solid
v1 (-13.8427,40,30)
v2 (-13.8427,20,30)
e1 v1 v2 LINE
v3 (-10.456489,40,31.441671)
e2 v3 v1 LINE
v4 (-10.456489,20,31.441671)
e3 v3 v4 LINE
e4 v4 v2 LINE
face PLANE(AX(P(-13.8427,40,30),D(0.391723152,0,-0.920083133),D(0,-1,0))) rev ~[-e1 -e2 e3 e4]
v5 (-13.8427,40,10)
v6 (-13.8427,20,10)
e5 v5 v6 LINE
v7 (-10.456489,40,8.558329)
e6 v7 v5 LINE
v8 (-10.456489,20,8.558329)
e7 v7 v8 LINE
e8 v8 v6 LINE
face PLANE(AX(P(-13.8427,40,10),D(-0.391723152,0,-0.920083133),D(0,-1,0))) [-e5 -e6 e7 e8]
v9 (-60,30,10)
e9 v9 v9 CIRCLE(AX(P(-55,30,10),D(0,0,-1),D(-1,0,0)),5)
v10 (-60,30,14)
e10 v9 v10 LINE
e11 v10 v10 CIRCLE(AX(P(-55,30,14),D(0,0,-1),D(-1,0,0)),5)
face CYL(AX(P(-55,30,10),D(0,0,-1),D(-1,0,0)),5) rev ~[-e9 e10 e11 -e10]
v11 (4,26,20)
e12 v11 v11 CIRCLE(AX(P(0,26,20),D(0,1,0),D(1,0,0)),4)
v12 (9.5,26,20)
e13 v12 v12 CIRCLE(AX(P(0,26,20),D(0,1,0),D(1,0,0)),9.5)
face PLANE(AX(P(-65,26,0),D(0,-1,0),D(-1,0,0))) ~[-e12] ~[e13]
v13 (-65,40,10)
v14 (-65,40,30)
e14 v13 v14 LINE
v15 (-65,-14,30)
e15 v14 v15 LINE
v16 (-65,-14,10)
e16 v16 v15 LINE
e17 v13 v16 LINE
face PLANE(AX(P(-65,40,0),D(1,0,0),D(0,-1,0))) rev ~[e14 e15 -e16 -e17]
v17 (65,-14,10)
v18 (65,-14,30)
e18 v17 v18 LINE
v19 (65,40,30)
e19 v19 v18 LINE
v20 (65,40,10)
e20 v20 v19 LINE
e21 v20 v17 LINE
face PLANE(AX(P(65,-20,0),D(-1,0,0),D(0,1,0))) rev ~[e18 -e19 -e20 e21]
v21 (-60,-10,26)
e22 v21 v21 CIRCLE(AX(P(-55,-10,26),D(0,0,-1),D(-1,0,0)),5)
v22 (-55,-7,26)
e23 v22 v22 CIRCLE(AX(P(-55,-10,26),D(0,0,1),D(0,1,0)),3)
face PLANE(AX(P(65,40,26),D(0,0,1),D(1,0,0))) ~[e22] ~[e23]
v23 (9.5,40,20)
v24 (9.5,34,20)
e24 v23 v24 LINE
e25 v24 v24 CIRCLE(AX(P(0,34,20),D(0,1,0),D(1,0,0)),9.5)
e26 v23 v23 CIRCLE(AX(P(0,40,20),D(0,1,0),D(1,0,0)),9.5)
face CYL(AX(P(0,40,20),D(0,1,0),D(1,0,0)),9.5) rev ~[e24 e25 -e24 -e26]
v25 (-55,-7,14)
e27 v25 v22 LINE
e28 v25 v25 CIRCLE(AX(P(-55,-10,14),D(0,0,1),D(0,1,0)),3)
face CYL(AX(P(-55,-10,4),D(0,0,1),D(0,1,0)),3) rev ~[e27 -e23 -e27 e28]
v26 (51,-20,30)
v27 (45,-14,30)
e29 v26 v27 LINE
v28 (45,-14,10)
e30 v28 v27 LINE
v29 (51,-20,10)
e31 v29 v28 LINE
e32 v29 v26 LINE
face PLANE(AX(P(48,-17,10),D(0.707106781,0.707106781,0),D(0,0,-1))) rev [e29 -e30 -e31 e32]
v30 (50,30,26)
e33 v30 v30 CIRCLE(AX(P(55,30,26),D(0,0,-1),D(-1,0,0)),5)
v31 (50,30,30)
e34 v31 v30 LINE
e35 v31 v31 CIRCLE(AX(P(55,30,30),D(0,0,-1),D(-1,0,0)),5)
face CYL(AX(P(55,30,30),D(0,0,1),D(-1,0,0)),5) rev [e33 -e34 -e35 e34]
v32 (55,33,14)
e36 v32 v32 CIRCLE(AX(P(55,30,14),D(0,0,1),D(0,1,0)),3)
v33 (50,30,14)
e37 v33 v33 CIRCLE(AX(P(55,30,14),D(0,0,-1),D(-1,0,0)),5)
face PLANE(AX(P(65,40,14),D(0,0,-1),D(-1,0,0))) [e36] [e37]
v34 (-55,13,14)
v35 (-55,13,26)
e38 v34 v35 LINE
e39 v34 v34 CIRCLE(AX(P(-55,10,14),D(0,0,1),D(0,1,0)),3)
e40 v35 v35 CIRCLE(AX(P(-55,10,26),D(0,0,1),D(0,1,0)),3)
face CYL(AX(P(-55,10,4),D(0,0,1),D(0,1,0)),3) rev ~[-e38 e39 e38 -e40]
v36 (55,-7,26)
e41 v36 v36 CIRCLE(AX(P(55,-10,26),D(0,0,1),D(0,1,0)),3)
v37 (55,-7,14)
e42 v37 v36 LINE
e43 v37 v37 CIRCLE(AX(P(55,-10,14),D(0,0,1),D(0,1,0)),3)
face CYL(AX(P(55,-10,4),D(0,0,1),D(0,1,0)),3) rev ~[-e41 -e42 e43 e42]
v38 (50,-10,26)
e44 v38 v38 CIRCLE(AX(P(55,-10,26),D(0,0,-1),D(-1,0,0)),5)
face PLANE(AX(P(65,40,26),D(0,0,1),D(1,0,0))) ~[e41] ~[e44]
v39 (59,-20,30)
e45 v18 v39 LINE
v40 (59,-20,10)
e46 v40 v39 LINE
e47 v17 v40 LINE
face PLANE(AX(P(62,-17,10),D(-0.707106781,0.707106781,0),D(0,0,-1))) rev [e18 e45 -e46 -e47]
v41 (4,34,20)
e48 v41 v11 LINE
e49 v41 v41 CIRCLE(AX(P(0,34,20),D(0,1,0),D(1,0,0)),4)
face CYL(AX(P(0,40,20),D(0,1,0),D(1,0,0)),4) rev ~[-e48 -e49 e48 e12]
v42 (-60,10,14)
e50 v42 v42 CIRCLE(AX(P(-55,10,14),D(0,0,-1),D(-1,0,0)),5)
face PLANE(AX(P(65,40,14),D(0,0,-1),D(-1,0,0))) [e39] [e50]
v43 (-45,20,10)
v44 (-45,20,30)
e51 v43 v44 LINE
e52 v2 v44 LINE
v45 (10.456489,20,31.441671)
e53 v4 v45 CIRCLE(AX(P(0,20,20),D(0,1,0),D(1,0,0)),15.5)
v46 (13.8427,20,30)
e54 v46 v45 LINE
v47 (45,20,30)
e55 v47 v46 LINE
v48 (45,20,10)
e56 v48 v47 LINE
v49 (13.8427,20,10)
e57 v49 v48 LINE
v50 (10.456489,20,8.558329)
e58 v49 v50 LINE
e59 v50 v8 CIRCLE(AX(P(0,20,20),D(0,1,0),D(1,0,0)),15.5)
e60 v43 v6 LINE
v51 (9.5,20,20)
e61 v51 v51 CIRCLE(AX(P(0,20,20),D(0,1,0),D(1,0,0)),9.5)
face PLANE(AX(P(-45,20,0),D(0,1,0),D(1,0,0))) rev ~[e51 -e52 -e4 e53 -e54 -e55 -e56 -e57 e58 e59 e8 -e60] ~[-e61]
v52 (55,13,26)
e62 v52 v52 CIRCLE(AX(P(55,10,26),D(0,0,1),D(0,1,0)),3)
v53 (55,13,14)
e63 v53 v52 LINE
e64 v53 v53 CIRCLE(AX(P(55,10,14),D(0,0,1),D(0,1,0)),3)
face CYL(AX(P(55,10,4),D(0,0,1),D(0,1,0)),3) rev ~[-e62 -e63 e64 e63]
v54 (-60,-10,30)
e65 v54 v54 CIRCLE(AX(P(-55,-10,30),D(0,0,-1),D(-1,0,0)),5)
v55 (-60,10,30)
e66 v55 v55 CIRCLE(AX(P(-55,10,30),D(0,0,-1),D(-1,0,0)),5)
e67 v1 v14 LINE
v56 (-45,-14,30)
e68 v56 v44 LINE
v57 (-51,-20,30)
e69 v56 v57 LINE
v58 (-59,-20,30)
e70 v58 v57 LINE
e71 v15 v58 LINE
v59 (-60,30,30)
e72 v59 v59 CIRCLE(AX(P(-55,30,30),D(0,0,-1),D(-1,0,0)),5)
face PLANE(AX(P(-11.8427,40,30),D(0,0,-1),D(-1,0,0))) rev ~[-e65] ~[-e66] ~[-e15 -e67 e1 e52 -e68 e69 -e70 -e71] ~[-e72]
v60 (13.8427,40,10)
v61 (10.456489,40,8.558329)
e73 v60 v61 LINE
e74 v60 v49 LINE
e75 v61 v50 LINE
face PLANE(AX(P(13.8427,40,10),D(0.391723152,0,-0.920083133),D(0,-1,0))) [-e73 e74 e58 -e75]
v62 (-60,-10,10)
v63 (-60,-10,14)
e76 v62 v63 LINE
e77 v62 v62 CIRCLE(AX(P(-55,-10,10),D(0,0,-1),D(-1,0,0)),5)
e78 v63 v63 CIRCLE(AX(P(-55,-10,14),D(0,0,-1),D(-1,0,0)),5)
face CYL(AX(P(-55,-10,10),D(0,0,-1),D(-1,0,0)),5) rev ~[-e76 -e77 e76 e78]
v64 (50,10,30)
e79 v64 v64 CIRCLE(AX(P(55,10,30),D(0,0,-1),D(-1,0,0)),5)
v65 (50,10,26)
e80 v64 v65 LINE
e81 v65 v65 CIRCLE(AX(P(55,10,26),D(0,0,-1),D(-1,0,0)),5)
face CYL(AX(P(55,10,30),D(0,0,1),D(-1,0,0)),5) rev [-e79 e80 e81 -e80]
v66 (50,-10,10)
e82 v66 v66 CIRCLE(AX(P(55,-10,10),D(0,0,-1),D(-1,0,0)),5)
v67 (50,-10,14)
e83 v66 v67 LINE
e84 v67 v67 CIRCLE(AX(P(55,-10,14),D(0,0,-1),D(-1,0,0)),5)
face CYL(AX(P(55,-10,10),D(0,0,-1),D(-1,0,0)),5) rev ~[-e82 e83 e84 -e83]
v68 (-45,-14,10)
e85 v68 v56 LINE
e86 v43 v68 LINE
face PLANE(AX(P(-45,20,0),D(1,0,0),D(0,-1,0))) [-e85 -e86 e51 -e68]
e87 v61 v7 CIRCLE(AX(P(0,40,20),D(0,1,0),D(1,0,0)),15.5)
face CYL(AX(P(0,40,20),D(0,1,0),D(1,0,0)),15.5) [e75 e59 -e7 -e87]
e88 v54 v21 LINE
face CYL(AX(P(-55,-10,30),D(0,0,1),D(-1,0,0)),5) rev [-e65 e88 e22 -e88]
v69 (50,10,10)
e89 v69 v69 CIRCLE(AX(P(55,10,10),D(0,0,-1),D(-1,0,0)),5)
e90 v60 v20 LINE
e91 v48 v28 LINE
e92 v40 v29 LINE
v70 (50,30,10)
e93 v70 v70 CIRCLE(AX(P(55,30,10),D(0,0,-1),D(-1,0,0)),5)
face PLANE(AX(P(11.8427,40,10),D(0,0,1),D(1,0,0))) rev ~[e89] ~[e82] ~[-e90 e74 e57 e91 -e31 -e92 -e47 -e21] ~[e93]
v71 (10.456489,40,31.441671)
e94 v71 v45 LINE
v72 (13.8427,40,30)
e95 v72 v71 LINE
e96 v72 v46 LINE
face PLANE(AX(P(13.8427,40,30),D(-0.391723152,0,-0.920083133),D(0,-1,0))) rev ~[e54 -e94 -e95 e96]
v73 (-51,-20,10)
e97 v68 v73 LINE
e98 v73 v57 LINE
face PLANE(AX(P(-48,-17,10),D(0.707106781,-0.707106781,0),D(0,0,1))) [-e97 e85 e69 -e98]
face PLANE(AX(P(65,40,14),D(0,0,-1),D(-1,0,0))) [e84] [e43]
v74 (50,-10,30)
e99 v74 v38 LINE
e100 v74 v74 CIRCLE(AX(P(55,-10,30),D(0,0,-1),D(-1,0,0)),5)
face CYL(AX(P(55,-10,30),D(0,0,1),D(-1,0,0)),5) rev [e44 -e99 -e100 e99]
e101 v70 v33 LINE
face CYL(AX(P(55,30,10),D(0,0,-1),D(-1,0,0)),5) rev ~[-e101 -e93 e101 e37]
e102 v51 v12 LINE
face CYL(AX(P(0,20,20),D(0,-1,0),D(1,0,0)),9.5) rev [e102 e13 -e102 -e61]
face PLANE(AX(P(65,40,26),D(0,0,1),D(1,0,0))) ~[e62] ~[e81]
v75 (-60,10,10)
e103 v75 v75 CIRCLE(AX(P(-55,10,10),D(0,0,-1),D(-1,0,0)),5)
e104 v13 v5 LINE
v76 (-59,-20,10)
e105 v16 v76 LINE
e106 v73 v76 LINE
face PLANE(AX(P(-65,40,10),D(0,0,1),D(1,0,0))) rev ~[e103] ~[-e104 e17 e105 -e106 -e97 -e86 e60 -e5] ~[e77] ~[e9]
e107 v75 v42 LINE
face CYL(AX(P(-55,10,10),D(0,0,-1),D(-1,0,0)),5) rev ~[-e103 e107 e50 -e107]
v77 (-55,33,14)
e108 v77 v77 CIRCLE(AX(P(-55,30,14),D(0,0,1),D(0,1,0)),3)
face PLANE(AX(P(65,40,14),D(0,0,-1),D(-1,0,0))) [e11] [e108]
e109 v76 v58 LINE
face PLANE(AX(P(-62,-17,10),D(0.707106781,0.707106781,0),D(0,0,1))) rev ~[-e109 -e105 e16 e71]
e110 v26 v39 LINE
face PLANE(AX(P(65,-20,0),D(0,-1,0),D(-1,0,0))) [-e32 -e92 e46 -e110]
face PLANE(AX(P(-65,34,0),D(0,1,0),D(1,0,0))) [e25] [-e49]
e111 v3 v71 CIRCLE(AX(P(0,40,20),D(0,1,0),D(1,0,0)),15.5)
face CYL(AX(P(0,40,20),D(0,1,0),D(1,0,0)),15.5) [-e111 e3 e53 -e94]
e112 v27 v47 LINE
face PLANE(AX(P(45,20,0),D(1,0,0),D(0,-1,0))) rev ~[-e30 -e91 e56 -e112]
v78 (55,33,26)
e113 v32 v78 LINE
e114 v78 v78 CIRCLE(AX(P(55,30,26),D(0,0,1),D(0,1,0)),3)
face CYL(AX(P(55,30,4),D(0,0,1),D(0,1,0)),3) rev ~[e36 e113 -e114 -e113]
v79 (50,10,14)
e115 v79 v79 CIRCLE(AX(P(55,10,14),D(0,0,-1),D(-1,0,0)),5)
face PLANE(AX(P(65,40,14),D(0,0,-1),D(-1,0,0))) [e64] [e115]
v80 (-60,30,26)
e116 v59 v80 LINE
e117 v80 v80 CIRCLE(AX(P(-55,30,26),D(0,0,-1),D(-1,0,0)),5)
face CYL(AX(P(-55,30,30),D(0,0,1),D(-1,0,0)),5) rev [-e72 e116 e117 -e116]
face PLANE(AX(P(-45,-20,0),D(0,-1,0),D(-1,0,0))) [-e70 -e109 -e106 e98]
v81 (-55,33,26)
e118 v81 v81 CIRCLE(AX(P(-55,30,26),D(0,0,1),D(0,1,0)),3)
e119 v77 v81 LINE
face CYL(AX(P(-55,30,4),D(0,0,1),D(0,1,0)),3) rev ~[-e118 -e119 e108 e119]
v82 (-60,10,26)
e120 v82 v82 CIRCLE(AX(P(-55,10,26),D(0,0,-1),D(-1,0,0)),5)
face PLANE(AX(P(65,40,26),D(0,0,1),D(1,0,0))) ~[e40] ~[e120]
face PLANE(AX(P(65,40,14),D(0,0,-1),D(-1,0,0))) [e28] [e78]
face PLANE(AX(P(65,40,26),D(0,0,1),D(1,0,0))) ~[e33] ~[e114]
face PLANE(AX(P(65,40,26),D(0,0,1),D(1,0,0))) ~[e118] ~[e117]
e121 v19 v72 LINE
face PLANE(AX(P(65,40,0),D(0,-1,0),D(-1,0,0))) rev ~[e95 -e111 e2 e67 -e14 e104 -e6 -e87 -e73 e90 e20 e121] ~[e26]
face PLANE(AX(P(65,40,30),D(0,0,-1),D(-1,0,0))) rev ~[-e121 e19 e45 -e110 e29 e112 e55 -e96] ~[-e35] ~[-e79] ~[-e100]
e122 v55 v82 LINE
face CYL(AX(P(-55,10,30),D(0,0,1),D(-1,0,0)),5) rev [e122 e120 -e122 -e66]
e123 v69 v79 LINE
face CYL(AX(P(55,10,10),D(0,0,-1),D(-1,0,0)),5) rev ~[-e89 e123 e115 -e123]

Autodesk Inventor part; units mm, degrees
ref_plane "YZ Plane" through (0, 0, 0) normal (1, 0, 0) x (0, 1, 0)
sketch "Esquisse8" plane through (0, 0, 0) normal (0, 0, 1) x (1, 0, 0)
  line L0 (65, -20) -> (65, 40)
  line L1 (65, 40) -> (-65, 40)
  line L2 (-65, 40) -> (-65, -20)
  line L3 (-45, 20) -> (45, 20)
  line L4 (-45, 20) -> (-45, -20)
  line L5 (45, 20) -> (45, -20)
  line L6 (65, -20) -> (45, -20)
  line L7 (-45, -20) -> (-65, -20)
  point P0 (0, 0)
  dimension "d45" = 20
  dimension "d46" = 90
  dimension "d47" = 45
  dimension "d71" = 20
  dimension "d72" = 20
extrude "Extrusion7" add sketch "Esquisse8" along normal blind 60
sketch "Esquisse10" plane through (0, 0, 0) normal (0, 0, -1) x (-1, 0, 0)
  line L0 (45, 20) -> (-45, 20) projected
  line L1 (-55, 30) -> (-55, 10)
  line L2 (55, 10) -> (55, 30)
  line L3 (-55, 10) -> (-55, -10)
  line L4 (55, 10) -> (55, -10)
  dimension "d75" = 20
  dimension "d80" = 20
  dimension "d89" = 20
  dimension "d90" = 20
hole "Perçage2" at (55, 10, 0) at (-55, 10, 0) at (-55, 30, 0) at (55, 30, 0) at (-55, -10, 0) at (55, -10, 0) direction (0, 0, 1) diameter 6 end through all counterbore diameter 10 counterbore depth 4
sketch "Esquisse13" plane through (-65, 40, 0) normal (0, 1, 0) x (1, 0, 0)
  line L0 (65, 0) -> (65, -20)
  circle A0 centre (65, -20) radius 4
  dimension "d81" = 20
  dimension "d82" = 8
extrude "Extrusion9" cut sketch "Esquisse13" against normal up to surface (20 mm away)
sketch "Esquisse14" plane through (-65, 40, 0) normal (0, 1, 0) x (1, 0, 0)
  circle A0 centre (65, -20) radius 4 projected
  line L0 (0, 0) -> (130, 0) projected
  line L1 (0, 0) -> (0, -60) projected
  line L2 (130, -60) -> (0, -60) projected
  line L3 (130, 0) -> (130, -60) projected
  circle A1 centre (65, -20) radius 9.5
  point P0 (65, 0)
  dimension "d85" = 19
extrude "Extrusion10" cut sketch "Esquisse14" against normal blind 6 contours A1
ref_plane "Plan de construction3" through (-65, 30, 0) normal (0, 1, 0) x (1, 0, 0)
mirror "Symétrie5" about plane through (-65, 30, 0) normal (0, 1, 0) of "Extrusion10"
sketch "Esquisse15" plane through (-65, 40, 0) normal (0, 1, 0) x (1, 0, 0)
  circle A0 centre (65, -20) radius 9.5 projected
  circle A1 centre (65, -20) radius 15.5
  line L0 (130, -60) -> (0, -60) projected
  line L1 (0, 0) -> (130, 0) projected
  line L2 (130, 0) -> (130, -10)
  line L3 (130, -30) -> (130, -60)
  line L4 (0, 0) -> (0, -10)
  line L5 (0, -30) -> (0, -60)
  line L6 (130, -30) -> (76.8427, -30)
  line L7 (53.1573, -30) -> (0, -30)
  line L8 (0, -10) -> (53.1573, -10)
  line L9 (76.8427, -10) -> (130, -10)
  point P0 (65, 0)
  dimension "d91" = 6
extrude "Extrusion11" cut sketch "Esquisse15" against normal through all contours A1 L8 L4 L1 L2 L9 | L6 L3 L0 L5 L7 A1
sketch "Esquisse16" plane through (65, 40, 10) normal (0, 0, -1) x (-1, 0, 0)
  circle A0 centre (10, -50) radius 3 projected
  circle A1 centre (10, -30) radius 3 projected
  circle A2 centre (10, -10) radius 3 projected
  circle A3 centre (120, -10) radius 3 projected
  circle A4 centre (120, -30) radius 3 projected
  circle A5 centre (120, -50) radius 3 projected
  circle A6 centre (10, -50) radius 5
  circle A7 centre (10, -30) radius 5
  circle A8 centre (10, -10) radius 5
  circle A9 centre (120, -10) radius 5
  circle A10 centre (120, -30) radius 5
  circle A11 centre (120, -50) radius 5
  point P0 (65, -40)
  dimension "d96" = 10
  dimension "d97" = 10
extrude "Extrusion12" cut sketch "Esquisse16" against normal blind 4 contours A0 | A1 | A2 | A3 | A4 | A5 | A6 | A7 | A8 | A9 | A10 | A11
ref_plane "Plan de construction4" through (11.8427, 40, 20) normal (0, 0, 1) x (1, 0, 0)
mirror "Symétrie6" about plane through (11.8427, 40, 20) normal (0, 0, 1) of "Extrusion12"
chamfer "Chanfrein1" distance 2 angle 45 4 edges at (11.8427, 30, 10) (11.8427, 30, 30) (-11.8427, 30, 30) (-11.8427, 30, 10)
chamfer "Chanfrein2" distance 6 angle 45 4 edges at (65, -20, 20) (45, -20, 20) (-45, -20, 20) (-65, -20, 20)
properties part number "Block1"
